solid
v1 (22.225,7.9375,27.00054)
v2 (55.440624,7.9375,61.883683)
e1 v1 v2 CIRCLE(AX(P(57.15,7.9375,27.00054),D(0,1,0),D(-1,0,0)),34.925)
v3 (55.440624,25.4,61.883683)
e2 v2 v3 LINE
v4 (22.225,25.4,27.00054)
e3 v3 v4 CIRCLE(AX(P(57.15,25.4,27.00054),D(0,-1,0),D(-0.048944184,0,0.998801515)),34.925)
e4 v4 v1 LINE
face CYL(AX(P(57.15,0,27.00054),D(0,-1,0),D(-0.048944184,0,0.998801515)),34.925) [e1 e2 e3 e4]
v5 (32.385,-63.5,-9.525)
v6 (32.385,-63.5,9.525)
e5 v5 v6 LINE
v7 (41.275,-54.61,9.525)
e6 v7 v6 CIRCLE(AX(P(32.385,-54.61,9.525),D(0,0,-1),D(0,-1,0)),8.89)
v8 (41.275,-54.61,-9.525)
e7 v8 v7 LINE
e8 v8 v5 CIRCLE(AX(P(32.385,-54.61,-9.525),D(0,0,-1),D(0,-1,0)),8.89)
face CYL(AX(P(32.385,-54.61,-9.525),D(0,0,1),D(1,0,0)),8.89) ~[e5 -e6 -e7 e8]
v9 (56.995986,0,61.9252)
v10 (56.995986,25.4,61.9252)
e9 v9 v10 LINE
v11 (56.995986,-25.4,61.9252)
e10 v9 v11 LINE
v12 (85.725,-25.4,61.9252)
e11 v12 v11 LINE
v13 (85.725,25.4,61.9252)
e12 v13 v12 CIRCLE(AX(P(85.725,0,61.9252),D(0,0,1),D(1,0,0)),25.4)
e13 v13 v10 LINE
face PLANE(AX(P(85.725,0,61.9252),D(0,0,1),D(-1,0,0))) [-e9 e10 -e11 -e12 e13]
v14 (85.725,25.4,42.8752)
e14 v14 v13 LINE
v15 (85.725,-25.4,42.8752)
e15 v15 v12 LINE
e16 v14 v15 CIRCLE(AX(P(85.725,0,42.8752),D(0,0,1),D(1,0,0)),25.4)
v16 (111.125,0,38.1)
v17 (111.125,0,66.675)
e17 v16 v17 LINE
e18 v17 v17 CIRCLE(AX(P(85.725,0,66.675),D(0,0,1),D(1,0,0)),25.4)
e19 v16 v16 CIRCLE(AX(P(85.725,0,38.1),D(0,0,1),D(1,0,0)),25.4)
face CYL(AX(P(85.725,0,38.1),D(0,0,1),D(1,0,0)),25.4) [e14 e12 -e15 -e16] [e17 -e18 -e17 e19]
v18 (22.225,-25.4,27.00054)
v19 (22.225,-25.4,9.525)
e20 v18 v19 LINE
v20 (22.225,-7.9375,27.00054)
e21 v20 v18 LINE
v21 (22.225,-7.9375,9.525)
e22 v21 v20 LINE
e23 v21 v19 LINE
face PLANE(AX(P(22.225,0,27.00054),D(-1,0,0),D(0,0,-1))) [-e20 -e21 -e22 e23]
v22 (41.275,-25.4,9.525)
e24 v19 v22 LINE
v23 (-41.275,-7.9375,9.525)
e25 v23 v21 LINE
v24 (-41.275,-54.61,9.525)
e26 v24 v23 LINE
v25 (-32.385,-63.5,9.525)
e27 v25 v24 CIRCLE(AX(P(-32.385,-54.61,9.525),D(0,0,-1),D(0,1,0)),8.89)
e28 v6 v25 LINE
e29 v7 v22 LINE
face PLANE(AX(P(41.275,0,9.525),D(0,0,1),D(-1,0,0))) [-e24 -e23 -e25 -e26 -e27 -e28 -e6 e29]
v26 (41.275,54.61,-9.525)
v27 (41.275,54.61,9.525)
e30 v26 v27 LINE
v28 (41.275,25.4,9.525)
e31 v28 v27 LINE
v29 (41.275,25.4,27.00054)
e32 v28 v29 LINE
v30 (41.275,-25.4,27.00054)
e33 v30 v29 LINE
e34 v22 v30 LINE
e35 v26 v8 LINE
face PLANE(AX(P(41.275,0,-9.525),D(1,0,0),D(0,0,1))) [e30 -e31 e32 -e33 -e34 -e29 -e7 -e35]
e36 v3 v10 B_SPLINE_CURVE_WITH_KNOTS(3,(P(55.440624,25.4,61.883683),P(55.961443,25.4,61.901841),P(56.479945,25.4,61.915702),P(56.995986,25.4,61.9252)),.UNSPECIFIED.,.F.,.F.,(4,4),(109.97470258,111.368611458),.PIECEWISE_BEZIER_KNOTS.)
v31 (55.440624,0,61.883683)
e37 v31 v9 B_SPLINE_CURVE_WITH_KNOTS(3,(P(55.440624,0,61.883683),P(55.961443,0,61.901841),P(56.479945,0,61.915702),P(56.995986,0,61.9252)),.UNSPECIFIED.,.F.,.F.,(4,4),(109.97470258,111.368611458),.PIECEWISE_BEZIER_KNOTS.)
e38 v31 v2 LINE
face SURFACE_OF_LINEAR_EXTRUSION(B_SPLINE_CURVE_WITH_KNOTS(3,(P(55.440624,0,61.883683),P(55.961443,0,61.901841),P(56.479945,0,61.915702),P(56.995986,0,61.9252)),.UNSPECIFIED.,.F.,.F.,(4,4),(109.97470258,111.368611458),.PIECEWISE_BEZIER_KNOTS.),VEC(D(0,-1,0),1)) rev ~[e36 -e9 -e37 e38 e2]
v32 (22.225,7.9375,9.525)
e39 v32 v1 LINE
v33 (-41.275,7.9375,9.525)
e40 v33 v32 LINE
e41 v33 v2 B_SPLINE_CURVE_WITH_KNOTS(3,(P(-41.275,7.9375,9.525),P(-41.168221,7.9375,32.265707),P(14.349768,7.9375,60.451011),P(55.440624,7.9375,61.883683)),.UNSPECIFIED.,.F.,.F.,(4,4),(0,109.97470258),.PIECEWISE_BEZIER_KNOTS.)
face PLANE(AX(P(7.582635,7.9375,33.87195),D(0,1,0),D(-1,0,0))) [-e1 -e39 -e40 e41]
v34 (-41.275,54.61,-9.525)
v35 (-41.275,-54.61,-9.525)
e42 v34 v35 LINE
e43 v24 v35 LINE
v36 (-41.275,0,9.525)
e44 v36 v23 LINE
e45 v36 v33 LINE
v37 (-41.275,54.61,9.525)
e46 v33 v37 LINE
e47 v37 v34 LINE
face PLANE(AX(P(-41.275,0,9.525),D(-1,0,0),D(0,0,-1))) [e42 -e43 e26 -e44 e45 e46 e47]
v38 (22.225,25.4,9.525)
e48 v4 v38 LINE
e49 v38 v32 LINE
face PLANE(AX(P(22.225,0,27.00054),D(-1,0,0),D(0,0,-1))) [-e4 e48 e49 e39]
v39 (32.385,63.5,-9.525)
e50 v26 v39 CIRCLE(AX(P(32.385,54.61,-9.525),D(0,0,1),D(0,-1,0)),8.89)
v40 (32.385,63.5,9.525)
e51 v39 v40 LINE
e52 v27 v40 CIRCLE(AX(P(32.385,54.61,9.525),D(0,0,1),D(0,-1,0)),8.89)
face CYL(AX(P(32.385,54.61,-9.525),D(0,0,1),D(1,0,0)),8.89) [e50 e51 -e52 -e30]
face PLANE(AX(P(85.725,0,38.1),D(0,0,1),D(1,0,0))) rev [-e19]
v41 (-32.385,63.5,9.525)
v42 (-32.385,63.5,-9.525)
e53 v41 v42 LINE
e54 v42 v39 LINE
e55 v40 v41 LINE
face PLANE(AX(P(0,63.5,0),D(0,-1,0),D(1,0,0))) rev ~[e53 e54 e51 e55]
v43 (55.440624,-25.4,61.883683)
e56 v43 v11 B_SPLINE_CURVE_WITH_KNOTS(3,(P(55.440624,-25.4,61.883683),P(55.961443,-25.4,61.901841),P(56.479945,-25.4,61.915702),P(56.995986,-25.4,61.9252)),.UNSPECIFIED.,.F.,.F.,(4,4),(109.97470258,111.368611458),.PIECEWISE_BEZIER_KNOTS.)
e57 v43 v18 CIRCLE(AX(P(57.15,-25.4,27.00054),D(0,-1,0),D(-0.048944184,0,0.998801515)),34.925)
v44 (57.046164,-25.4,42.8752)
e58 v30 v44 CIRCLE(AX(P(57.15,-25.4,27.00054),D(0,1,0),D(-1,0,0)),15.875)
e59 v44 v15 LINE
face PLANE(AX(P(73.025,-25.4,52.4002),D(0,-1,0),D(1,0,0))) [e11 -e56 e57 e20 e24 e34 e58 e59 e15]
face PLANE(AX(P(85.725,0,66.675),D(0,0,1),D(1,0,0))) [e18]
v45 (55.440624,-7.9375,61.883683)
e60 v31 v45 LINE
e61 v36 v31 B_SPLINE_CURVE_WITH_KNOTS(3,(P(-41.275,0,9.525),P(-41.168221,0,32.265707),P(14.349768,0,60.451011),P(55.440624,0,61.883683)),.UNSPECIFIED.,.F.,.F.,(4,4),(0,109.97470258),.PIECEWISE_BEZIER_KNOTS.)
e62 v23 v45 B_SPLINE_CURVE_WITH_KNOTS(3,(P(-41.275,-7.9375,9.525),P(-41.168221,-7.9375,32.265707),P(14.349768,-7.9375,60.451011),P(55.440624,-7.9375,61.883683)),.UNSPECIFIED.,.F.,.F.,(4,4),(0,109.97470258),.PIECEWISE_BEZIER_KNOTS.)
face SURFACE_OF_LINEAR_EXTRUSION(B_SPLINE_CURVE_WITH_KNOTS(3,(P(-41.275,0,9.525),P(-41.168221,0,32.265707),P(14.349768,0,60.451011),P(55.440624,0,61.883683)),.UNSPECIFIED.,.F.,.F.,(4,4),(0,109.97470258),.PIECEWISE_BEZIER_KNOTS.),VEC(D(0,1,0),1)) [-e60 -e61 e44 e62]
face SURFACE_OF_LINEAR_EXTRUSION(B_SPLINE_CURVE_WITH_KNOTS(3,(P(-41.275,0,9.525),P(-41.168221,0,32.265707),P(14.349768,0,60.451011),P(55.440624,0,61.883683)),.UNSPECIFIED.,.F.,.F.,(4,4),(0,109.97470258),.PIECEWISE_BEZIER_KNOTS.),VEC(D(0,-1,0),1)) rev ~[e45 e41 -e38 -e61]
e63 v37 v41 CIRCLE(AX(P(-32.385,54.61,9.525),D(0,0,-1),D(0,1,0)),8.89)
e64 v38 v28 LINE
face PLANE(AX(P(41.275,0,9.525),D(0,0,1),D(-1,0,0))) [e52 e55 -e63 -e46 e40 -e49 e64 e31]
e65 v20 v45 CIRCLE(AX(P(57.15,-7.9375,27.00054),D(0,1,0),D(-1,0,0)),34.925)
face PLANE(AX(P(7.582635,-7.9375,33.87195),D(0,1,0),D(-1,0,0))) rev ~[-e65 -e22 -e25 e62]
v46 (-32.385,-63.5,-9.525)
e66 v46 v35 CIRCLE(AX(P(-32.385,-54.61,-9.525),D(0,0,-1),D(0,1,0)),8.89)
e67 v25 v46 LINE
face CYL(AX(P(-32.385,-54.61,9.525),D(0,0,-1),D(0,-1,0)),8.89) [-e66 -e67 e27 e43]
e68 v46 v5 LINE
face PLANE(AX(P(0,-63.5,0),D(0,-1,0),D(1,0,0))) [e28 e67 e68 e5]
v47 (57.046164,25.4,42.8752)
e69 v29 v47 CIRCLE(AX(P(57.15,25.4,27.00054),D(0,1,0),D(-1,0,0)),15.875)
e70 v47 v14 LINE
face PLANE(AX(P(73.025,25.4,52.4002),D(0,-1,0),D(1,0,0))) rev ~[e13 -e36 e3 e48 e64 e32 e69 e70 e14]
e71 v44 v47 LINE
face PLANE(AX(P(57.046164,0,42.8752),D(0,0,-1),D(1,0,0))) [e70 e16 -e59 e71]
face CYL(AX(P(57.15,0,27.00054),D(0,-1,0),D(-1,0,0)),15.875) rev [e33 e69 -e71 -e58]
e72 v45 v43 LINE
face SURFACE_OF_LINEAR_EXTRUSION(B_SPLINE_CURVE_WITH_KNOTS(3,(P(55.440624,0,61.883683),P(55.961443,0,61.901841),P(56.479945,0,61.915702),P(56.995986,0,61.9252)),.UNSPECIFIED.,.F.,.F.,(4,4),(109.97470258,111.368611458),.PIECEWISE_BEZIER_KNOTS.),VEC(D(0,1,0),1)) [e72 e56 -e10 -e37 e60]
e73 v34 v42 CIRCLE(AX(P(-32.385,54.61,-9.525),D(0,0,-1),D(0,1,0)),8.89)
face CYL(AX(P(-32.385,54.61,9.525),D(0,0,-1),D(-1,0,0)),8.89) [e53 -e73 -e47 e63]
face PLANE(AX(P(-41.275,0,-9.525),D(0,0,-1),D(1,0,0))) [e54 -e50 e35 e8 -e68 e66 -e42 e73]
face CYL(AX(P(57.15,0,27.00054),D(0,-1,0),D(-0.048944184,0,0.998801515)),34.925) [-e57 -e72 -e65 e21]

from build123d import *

# Parameters (mm, degrees)
F1_DEPTH = 63.5
F0_W     = 25.4
F0_H     = 19.05
F2_DEPTH = 25.4
F3_DEPTH = 7.9375
F5_R     = 8.89


with BuildPart() as f1:
    # F0 (on Front) → F1 (new body, symmetric)
    with BuildSketch(Plane.XZ):
        Polygon((-41.275, 9.525), (-41.275, -9.525), (41.275, -9.525), (41.275, 9.525), (22.225, 9.525), align=None)
    extrude(amount=F1_DEPTH, both=True)

    # F0 (on Front) → F2 (join, symmetric)
    with BuildSketch(Plane.XZ):
        with Locations((73.025, 52.4002)):
            Rectangle(F0_W, F0_H)
        with BuildLine():
            Line((22.225, 9.525), (41.275, 9.525))
            Line((41.275, 9.525), (41.275, 27.0005395917))
            ThreePointArc((41.275, 27.0005395917), (45.8880281066, 38.1890879368), (57.0461639775, 42.8752))
            Line((57.0461639775, 42.8752), (60.325, 42.8752))
            Line((60.325, 42.8752), (60.325, 61.9252))
            Line((60.325, 61.9252), (56.9959858401, 61.9252))
            add(Edge.make_bspline(
                [(55.4406243802, 61.8836825118), (55.9614433342, 61.9018413626), (56.4799445563, 61.9157023789), (56.9959858401, 61.9252)],
                knots=[109.9747025798, 109.9747025798, 109.9747025798, 109.9747025798, 111.3686114577, 111.3686114577, 111.3686114577, 111.3686114577], degree=3))
            ThreePointArc((55.4406243802, 61.8836825118), (31.8571594268, 51.0843067542), (22.225, 27.0005395917))
            Line((22.225, 27.0005395917), (22.225, 9.525))
        make_face()
    extrude(amount=F2_DEPTH, both=True)

    # F0 (on Front) → F3 (join, symmetric)
    with BuildSketch(Plane.XZ):
        with BuildLine():
            add(Edge.make_bspline(
                [(-41.275, 9.525), (-41.168221459, 32.2657067872), (14.3497679594, 60.4510105174), (55.4406243802, 61.8836825118)],
                knots=[0, 0, 0, 0, 109.9747025798, 109.9747025798, 109.9747025798, 109.9747025798], degree=3))
            Line((-41.275, 9.525), (22.225, 9.525))
            Line((22.225, 9.525), (22.225, 27.0005395917))
            ThreePointArc((22.225, 27.0005395917), (31.8571594268, 51.0843067542), (55.4406243802, 61.8836825118))
        make_face()
    extrude(amount=F3_DEPTH, both=True)

    # F0 (on Front) → F4 (revolve)
    with BuildSketch(Plane.XZ):
        Polygon((85.725, 66.675), (85.725, 61.9252), (85.725, 42.8752), (85.725, 38.1), (111.125, 38.1), (111.125, 66.675), align=None)
    revolve(axis=Axis((85.725, 0, 52.3875), (0, 0, 1)))

    # F5
    f5_edges = [f1.edges().sort_by_distance(p)[0] for p in [
        (-41.275, -63.5, 0),
        (41.275, -63.5, 0),
        (41.275, 63.5, 0),
        (-41.275, 63.5, 0),
    ]]
    fillet(f5_edges, radius=F5_R)


solid = f1.part
